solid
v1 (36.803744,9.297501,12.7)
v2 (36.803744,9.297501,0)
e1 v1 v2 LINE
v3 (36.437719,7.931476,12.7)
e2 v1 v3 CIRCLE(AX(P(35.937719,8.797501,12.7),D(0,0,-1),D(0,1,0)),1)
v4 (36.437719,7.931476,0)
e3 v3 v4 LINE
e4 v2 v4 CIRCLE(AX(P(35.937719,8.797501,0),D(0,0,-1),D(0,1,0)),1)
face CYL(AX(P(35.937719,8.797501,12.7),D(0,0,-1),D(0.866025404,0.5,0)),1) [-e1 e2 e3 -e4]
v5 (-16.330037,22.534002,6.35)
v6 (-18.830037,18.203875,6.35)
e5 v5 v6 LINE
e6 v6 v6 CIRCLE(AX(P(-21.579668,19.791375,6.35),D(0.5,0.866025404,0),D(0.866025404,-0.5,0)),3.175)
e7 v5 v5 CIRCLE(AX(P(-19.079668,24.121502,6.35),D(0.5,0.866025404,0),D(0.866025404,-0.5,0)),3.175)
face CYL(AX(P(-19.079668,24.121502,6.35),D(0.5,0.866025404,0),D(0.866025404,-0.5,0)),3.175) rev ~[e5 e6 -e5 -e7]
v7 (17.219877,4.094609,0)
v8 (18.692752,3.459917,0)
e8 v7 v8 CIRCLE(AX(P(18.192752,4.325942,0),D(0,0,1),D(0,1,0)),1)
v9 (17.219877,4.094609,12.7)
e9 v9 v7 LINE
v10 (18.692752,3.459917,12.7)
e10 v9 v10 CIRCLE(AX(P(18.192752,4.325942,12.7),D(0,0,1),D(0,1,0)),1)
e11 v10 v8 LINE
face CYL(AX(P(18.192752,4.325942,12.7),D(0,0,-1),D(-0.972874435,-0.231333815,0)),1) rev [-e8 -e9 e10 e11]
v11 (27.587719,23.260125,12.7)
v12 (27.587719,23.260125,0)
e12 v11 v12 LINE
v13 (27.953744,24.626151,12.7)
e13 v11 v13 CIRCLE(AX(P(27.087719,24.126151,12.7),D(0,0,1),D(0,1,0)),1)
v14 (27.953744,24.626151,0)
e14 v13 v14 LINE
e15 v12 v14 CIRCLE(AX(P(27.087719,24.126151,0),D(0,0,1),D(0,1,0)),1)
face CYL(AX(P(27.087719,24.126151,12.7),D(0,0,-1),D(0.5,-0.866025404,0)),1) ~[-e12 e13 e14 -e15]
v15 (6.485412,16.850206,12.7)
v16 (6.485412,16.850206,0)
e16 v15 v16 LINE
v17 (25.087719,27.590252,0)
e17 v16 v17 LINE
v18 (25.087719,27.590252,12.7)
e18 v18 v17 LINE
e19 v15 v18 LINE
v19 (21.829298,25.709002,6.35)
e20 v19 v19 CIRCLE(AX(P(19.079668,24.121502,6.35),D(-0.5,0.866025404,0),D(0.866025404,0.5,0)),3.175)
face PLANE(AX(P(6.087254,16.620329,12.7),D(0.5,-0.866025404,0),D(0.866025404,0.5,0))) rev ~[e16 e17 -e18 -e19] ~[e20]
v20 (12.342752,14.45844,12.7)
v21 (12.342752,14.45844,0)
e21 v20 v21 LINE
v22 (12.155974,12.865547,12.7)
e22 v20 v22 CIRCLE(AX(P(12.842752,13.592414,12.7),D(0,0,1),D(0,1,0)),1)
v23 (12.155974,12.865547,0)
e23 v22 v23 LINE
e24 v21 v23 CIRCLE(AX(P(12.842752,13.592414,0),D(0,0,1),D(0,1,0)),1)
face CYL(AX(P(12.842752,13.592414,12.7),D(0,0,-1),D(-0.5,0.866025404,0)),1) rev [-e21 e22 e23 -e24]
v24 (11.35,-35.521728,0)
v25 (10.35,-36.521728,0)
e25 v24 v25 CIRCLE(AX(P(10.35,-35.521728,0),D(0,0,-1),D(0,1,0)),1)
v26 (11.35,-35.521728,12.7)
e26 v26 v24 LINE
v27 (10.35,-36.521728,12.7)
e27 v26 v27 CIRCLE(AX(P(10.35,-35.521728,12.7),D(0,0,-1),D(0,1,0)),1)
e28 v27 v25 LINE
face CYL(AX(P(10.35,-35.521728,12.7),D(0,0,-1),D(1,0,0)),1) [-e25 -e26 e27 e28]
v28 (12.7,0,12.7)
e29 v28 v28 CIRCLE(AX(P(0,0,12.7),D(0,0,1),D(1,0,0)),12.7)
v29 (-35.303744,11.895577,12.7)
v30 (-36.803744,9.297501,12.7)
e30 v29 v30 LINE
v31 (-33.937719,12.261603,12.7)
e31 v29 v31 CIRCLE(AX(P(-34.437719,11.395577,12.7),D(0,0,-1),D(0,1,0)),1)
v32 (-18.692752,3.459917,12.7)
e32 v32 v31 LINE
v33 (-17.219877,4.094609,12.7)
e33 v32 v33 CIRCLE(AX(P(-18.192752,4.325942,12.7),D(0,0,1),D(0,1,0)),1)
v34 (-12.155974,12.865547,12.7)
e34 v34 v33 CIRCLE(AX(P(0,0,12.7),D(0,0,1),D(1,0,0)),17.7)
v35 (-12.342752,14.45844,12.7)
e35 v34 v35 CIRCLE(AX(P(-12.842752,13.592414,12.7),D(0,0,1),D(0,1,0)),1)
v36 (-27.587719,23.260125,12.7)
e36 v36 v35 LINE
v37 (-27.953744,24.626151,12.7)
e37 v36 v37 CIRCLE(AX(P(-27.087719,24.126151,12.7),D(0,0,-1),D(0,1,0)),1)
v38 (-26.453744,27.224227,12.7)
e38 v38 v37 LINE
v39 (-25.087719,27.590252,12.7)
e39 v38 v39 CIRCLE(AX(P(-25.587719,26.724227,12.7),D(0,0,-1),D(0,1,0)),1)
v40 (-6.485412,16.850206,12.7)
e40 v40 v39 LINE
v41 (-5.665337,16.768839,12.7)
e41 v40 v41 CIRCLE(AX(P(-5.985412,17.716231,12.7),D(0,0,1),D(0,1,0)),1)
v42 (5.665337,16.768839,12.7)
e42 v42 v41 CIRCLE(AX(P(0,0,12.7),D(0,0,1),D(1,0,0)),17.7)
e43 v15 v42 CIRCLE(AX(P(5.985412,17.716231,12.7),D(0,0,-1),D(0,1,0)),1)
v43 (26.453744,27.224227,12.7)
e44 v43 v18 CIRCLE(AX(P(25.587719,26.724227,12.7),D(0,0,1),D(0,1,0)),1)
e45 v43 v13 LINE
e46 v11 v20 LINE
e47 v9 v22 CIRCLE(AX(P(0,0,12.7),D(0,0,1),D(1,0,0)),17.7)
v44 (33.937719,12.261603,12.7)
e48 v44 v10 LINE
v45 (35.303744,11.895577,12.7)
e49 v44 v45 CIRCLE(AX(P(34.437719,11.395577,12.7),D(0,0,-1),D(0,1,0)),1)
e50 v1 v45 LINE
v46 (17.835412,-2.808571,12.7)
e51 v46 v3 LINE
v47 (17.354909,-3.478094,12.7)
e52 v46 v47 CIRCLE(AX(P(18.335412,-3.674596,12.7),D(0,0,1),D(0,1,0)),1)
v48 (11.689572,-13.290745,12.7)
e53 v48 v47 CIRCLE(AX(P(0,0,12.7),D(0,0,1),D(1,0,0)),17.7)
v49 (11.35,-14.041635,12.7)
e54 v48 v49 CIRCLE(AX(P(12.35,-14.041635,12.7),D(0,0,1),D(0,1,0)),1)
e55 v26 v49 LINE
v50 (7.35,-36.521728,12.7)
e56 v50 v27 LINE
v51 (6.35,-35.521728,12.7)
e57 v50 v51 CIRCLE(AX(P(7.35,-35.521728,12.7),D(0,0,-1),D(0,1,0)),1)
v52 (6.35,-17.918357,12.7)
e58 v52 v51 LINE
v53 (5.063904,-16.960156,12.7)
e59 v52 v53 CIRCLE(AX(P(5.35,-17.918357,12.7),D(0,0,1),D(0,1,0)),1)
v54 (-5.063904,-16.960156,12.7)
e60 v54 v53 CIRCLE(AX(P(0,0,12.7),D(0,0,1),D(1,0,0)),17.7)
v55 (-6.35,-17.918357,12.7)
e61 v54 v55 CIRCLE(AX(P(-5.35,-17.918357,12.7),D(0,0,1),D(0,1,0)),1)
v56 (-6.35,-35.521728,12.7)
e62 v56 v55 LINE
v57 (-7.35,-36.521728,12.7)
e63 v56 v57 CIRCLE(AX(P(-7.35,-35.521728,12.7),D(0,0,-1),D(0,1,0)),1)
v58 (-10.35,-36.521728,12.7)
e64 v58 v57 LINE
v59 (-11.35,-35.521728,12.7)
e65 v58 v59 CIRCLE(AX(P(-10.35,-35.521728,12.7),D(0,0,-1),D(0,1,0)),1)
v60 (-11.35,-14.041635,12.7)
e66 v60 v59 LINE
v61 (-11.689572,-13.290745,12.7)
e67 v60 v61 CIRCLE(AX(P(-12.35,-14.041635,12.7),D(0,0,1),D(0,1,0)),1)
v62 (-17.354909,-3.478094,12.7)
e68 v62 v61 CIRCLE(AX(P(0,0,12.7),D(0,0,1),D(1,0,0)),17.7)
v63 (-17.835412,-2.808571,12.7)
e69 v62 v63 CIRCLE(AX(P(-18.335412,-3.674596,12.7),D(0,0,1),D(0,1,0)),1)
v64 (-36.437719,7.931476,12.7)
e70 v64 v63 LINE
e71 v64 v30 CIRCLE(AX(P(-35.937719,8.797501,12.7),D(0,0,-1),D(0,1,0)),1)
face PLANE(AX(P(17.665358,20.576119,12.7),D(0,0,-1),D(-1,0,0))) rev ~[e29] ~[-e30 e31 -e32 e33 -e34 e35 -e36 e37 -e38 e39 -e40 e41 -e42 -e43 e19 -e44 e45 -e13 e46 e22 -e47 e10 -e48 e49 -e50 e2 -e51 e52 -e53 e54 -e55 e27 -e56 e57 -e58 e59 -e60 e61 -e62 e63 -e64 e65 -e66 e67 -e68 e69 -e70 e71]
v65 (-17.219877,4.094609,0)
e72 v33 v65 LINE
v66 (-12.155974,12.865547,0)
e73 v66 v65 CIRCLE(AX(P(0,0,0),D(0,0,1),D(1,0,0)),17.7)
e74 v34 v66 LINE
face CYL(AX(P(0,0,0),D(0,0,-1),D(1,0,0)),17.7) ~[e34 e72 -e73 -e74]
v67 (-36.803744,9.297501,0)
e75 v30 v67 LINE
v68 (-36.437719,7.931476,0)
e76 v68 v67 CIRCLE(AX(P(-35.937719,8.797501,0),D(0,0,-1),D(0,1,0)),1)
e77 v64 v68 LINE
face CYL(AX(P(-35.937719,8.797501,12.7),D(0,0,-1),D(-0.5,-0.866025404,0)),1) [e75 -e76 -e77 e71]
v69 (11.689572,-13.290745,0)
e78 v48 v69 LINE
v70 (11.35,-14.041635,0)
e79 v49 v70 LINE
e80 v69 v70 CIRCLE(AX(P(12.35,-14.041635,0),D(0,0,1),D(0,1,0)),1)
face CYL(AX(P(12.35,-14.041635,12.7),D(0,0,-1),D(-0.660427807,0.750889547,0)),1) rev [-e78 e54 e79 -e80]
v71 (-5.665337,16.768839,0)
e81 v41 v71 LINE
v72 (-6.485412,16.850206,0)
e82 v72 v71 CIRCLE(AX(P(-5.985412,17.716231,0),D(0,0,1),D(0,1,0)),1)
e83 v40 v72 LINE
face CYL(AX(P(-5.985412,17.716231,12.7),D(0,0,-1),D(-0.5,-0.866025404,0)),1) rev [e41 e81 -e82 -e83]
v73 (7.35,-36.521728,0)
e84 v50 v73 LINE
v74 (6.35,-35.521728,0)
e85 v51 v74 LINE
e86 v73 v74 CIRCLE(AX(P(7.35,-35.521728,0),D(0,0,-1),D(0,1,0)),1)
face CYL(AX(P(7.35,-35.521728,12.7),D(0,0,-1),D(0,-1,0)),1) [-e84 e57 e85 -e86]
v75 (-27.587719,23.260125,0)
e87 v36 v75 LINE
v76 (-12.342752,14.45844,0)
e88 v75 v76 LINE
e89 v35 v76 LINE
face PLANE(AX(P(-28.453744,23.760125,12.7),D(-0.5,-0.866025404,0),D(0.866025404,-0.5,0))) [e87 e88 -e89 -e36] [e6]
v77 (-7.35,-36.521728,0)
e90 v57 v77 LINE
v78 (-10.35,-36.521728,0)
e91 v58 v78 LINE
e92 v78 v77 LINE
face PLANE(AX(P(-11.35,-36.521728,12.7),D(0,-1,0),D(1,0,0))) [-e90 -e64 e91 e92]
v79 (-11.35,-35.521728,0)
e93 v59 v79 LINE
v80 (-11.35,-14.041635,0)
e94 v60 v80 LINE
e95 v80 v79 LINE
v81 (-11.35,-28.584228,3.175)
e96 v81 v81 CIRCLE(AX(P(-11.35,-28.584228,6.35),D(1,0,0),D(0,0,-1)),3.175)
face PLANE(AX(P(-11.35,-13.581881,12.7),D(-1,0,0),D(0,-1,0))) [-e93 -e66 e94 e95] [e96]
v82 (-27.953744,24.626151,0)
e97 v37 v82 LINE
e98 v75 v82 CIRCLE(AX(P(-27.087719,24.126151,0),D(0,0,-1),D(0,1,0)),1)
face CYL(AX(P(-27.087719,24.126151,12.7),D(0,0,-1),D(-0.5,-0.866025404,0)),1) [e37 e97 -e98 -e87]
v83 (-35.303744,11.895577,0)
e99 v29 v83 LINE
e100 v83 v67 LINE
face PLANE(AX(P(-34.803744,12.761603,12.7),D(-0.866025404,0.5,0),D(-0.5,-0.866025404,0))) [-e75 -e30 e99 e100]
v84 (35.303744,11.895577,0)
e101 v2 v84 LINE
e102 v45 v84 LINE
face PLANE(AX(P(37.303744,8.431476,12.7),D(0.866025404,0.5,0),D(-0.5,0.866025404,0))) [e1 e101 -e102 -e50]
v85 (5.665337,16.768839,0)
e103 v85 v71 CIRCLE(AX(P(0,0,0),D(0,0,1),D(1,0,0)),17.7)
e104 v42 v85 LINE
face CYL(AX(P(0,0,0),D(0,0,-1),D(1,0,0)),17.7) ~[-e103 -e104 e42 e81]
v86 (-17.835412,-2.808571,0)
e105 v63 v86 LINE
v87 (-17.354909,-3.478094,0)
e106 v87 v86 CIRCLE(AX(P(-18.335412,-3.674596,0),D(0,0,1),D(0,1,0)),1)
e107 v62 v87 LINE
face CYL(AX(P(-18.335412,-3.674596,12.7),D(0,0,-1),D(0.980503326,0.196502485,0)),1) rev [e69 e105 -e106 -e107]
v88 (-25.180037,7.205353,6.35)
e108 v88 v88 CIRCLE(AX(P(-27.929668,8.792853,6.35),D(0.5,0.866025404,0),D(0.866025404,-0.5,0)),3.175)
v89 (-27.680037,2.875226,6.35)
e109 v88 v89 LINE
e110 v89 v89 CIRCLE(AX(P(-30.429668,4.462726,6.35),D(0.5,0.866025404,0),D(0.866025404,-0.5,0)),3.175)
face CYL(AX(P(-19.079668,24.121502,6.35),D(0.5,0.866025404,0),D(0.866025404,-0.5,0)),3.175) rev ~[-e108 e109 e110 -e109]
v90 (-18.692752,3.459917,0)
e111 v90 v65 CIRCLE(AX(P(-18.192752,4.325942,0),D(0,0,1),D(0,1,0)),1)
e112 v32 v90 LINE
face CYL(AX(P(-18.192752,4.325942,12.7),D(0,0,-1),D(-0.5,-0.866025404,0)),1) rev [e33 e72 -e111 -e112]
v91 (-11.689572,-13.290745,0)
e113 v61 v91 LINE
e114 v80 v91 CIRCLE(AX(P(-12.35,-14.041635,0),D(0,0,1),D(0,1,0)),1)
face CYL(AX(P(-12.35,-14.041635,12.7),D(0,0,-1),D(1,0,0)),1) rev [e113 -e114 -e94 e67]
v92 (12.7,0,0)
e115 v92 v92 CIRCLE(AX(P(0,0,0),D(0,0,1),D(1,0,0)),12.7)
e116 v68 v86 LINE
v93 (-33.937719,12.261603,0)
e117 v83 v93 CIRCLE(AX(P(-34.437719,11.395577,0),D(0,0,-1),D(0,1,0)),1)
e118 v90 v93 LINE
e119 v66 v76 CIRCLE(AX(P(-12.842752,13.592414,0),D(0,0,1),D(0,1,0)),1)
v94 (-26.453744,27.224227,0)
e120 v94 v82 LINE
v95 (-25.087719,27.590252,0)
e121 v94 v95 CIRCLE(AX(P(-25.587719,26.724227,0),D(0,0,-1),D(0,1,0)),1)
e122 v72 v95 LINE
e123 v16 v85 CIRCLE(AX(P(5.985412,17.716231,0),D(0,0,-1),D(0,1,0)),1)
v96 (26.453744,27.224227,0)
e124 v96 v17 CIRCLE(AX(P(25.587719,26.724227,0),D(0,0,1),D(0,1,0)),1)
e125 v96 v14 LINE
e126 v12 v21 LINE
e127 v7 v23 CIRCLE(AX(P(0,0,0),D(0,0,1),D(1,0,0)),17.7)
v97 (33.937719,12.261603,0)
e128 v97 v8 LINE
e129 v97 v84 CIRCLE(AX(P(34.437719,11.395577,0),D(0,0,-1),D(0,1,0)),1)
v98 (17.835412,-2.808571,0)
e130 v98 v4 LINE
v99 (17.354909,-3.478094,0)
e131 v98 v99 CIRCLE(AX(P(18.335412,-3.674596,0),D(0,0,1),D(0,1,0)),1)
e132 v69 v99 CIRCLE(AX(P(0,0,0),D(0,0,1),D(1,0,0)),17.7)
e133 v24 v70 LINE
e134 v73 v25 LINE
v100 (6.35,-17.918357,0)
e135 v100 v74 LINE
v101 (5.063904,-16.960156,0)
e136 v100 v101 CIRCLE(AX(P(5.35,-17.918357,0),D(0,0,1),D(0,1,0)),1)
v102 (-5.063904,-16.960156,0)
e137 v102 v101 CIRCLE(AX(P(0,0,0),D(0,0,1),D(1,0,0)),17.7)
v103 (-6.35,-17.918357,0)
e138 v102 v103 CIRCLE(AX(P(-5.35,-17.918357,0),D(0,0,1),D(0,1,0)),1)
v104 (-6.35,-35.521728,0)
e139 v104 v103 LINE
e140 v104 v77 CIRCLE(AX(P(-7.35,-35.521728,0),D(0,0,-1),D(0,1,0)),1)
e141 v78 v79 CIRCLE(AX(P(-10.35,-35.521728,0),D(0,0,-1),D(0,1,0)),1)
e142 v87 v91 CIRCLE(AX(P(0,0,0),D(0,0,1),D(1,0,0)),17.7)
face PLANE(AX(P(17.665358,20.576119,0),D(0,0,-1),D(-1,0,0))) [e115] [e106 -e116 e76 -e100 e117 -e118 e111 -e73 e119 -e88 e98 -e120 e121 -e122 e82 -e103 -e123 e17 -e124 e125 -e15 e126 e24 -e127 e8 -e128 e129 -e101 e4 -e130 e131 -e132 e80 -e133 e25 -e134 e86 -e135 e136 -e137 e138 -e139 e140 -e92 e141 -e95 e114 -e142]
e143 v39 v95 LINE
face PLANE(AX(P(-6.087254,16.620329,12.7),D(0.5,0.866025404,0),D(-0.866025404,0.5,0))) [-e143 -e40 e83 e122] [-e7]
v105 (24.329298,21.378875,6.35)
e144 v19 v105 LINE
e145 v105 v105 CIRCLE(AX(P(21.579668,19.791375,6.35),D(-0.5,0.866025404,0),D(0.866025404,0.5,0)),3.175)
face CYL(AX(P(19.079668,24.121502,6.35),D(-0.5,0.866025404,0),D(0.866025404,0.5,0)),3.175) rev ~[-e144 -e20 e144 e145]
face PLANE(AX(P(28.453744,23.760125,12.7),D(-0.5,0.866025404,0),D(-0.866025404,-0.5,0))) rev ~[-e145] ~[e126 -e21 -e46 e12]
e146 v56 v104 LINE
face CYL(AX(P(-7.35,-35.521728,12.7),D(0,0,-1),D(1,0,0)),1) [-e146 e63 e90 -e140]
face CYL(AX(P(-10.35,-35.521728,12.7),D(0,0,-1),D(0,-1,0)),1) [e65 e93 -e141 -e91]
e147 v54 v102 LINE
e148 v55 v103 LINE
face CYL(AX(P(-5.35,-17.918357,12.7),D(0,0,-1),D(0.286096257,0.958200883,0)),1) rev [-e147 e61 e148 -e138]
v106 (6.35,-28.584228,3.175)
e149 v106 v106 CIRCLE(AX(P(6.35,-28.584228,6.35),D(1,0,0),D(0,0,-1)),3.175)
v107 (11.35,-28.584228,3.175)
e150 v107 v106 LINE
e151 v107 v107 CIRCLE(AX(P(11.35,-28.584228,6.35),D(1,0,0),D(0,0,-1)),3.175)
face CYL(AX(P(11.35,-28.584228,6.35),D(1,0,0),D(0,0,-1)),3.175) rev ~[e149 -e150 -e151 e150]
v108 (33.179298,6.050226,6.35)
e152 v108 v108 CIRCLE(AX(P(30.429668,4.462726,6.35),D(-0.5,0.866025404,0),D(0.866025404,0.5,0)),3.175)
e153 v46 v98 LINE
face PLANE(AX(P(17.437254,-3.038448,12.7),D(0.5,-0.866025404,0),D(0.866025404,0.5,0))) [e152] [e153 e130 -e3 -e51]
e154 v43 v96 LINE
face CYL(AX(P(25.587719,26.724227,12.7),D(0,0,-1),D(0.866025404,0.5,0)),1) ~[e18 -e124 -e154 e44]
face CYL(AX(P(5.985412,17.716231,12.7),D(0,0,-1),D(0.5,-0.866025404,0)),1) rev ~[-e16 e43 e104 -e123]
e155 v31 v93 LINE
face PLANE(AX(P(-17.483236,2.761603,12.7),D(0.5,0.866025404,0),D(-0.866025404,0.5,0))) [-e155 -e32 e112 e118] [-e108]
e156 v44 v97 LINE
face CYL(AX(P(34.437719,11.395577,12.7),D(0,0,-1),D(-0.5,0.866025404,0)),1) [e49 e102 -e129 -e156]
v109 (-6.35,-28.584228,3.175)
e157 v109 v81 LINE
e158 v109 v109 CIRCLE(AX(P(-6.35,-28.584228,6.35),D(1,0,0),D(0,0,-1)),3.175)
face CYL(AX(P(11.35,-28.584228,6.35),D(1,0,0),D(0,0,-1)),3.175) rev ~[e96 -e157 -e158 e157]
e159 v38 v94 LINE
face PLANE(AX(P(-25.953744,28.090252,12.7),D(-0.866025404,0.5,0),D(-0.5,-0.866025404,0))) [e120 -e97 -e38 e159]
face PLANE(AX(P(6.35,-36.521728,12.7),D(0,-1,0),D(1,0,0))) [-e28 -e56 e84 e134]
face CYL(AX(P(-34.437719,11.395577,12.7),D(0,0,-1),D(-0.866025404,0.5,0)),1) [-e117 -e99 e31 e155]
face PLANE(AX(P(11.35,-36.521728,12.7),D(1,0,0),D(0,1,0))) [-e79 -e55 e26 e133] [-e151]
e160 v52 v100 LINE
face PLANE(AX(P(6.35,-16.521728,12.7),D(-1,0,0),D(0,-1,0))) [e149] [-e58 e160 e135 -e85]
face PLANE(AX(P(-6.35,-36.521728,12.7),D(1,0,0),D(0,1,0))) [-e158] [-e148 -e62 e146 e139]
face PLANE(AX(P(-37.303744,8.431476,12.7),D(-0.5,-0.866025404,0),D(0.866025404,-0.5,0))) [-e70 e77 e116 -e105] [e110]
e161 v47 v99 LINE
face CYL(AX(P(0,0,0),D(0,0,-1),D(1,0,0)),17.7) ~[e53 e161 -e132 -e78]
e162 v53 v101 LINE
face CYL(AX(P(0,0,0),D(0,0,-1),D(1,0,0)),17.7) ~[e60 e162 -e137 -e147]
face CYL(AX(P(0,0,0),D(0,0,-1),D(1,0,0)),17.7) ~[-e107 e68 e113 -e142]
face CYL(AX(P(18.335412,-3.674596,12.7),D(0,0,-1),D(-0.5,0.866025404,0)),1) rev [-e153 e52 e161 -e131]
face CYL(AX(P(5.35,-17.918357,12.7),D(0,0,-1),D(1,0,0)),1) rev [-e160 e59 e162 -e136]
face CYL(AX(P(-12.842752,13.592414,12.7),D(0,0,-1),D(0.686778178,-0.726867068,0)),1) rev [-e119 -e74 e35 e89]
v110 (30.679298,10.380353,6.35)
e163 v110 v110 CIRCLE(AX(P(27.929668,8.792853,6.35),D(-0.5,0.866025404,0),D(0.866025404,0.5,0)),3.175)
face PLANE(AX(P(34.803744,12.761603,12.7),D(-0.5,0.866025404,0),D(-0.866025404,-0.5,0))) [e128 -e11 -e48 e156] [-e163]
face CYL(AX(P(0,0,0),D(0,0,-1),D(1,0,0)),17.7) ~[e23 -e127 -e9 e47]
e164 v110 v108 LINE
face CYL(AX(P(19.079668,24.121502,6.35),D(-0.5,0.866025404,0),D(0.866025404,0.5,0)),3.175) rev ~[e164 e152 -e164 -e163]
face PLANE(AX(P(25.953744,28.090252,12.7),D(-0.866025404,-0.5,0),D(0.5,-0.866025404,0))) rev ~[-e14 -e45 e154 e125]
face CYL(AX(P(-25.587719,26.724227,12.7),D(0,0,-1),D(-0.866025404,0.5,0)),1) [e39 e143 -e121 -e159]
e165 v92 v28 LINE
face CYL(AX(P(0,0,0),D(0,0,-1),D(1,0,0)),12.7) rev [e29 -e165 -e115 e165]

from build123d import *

# Parameters (mm, degrees)
ESQUISSE1_R             = 17.7
ESQUISSE1_R_2           = 12.7
BOSS_EXTRU_1_DEPTH      = 12.7
BOSS_EXTRU_2_DEPTH      = 12.7
ESQUISSE3_R             = 3.175
ENL_V_MAT_EXTRU_1_DEPTH = 62.63061651
ESQUISSE4_R             = 3.175
ENL_V_MAT_EXTRU_2_DEPTH = 62.63061651
ESQUISSE5_R             = 3.175
ENL_V_MAT_EXTRU_3_DEPTH = 49.65374434
CONG_1_R                = 1


with BuildPart() as part:
    # Esquisse1 → Boss.-Extru.1 (new body)
    with BuildSketch(Plane.XY):
        Circle(ESQUISSE1_R)
        Circle(ESQUISSE1_R_2, mode=Mode.SUBTRACT)
    extrude(amount=BOSS_EXTRU_1_DEPTH)

    # Esquisse2 → Boss.-Extru.2 (add)
    with BuildSketch(Plane.XY.offset(12.7)):
        Polygon((28.45374434, 23.760125373), (11.133236264, 13.760125373), (6.087254248, 16.620328989), (25.95374434, 28.090252392), align=None)
        Polygon((17.483236264, 2.761602745), (17.437254248, -3.038447676), (37.30374434, 8.431475726), (34.80374434, 12.761602745), align=None)
        Polygon((11.35, -36.521728118), (11.35, -13.581881313), (6.35, -16.521728118), (6.35, -36.521728118), align=None)
        Polygon((-6.35, -16.521728118), (-11.35, -13.581881313), (-11.35, -36.521728118), (-6.35, -36.521728118), align=None)
        Polygon((-37.30374434, 8.431475726), (-17.437254248, -3.038447676), (-17.483236264, 2.761602745), (-34.80374434, 12.761602745), align=None)
        Polygon((-11.133236264, 13.760125373), (-6.087254248, 16.620328989), (-25.95374434, 28.090252392), (-28.45374434, 23.760125373), align=None)
    extrude(amount=-BOSS_EXTRU_2_DEPTH)

    # Esquisse3 → Enlèv. mat.-Extru.1 (cut, through all)
    with BuildSketch(Plane(origin=(5.675, 9.829388333, 0), x_dir=(0.866025404, -0.5, 0), z_dir=(0.5, 0.866025404, 0))):
        with Locations((-28.584228118, -6.35)):
            Circle(ESQUISSE3_R)
    extrude(amount=-ENL_V_MAT_EXTRU_1_DEPTH, mode=Mode.SUBTRACT)

    # Esquisse4 → Enlèv. mat.-Extru.2 (cut, through all)
    with BuildSketch(Plane(origin=(-5.675, 9.829388333, 0), x_dir=(0.866025404, 0.5, 0), z_dir=(-0.5, 0.866025404, 0))):
        with Locations((28.584228118, -6.35)):
            Circle(ESQUISSE4_R)
    extrude(amount=-ENL_V_MAT_EXTRU_2_DEPTH, mode=Mode.SUBTRACT)

    # Esquisse5 → Enlèv. mat.-Extru.3 (cut, through all)
    with BuildSketch(Plane(origin=(11.35, 0, 0), x_dir=(0, 0, -1), z_dir=(1, 0, 0))):
        with Locations((-6.35, -28.584228118)):
            Circle(ESQUISSE5_R)
    extrude(amount=-ENL_V_MAT_EXTRU_3_DEPTH, mode=Mode.SUBTRACT)

    # Congé1
    cong_1_edges = [part.edges().sort_by_distance(p)[0] for p in [
        (25.95374434, 28.090252392, 6.35),
        (28.45374434, 23.760125373, 6.35),
        (11.133236264, 13.760125373, 6.35),
        (6.087254248, 16.620328989, 6.35),
        (17.483236264, 2.761602745, 6.35),
        (34.80374434, 12.761602745, 6.35),
        (37.30374434, 8.431475726, 6.35),
        (17.437254248, -3.038447676, 6.35),
        (11.35, -36.521728118, 6.35),
        (6.35, -36.521728118, 6.35),
        (6.35, -16.521728118, 6.35),
        (11.35, -13.581881313, 6.35),
        (-6.35, -16.521728118, 6.35),
        (-6.35, -36.521728118, 6.35),
        (-11.35, -36.521728118, 6.35),
        (-11.35, -13.581881313, 6.35),
        (-37.30374434, 8.431475726, 6.35),
        (-34.80374434, 12.761602745, 6.35),
        (-17.483236264, 2.761602745, 6.35),
        (-17.437254248, -3.038447676, 6.35),
        (-11.133236264, 13.760125373, 6.35),
        (-28.45374434, 23.760125373, 6.35),
        (-25.95374434, 28.090252392, 6.35),
        (-6.087254248, 16.620328989, 6.35),
    ]]
    fillet(cong_1_edges, radius=CONG_1_R)


solid = part.part
